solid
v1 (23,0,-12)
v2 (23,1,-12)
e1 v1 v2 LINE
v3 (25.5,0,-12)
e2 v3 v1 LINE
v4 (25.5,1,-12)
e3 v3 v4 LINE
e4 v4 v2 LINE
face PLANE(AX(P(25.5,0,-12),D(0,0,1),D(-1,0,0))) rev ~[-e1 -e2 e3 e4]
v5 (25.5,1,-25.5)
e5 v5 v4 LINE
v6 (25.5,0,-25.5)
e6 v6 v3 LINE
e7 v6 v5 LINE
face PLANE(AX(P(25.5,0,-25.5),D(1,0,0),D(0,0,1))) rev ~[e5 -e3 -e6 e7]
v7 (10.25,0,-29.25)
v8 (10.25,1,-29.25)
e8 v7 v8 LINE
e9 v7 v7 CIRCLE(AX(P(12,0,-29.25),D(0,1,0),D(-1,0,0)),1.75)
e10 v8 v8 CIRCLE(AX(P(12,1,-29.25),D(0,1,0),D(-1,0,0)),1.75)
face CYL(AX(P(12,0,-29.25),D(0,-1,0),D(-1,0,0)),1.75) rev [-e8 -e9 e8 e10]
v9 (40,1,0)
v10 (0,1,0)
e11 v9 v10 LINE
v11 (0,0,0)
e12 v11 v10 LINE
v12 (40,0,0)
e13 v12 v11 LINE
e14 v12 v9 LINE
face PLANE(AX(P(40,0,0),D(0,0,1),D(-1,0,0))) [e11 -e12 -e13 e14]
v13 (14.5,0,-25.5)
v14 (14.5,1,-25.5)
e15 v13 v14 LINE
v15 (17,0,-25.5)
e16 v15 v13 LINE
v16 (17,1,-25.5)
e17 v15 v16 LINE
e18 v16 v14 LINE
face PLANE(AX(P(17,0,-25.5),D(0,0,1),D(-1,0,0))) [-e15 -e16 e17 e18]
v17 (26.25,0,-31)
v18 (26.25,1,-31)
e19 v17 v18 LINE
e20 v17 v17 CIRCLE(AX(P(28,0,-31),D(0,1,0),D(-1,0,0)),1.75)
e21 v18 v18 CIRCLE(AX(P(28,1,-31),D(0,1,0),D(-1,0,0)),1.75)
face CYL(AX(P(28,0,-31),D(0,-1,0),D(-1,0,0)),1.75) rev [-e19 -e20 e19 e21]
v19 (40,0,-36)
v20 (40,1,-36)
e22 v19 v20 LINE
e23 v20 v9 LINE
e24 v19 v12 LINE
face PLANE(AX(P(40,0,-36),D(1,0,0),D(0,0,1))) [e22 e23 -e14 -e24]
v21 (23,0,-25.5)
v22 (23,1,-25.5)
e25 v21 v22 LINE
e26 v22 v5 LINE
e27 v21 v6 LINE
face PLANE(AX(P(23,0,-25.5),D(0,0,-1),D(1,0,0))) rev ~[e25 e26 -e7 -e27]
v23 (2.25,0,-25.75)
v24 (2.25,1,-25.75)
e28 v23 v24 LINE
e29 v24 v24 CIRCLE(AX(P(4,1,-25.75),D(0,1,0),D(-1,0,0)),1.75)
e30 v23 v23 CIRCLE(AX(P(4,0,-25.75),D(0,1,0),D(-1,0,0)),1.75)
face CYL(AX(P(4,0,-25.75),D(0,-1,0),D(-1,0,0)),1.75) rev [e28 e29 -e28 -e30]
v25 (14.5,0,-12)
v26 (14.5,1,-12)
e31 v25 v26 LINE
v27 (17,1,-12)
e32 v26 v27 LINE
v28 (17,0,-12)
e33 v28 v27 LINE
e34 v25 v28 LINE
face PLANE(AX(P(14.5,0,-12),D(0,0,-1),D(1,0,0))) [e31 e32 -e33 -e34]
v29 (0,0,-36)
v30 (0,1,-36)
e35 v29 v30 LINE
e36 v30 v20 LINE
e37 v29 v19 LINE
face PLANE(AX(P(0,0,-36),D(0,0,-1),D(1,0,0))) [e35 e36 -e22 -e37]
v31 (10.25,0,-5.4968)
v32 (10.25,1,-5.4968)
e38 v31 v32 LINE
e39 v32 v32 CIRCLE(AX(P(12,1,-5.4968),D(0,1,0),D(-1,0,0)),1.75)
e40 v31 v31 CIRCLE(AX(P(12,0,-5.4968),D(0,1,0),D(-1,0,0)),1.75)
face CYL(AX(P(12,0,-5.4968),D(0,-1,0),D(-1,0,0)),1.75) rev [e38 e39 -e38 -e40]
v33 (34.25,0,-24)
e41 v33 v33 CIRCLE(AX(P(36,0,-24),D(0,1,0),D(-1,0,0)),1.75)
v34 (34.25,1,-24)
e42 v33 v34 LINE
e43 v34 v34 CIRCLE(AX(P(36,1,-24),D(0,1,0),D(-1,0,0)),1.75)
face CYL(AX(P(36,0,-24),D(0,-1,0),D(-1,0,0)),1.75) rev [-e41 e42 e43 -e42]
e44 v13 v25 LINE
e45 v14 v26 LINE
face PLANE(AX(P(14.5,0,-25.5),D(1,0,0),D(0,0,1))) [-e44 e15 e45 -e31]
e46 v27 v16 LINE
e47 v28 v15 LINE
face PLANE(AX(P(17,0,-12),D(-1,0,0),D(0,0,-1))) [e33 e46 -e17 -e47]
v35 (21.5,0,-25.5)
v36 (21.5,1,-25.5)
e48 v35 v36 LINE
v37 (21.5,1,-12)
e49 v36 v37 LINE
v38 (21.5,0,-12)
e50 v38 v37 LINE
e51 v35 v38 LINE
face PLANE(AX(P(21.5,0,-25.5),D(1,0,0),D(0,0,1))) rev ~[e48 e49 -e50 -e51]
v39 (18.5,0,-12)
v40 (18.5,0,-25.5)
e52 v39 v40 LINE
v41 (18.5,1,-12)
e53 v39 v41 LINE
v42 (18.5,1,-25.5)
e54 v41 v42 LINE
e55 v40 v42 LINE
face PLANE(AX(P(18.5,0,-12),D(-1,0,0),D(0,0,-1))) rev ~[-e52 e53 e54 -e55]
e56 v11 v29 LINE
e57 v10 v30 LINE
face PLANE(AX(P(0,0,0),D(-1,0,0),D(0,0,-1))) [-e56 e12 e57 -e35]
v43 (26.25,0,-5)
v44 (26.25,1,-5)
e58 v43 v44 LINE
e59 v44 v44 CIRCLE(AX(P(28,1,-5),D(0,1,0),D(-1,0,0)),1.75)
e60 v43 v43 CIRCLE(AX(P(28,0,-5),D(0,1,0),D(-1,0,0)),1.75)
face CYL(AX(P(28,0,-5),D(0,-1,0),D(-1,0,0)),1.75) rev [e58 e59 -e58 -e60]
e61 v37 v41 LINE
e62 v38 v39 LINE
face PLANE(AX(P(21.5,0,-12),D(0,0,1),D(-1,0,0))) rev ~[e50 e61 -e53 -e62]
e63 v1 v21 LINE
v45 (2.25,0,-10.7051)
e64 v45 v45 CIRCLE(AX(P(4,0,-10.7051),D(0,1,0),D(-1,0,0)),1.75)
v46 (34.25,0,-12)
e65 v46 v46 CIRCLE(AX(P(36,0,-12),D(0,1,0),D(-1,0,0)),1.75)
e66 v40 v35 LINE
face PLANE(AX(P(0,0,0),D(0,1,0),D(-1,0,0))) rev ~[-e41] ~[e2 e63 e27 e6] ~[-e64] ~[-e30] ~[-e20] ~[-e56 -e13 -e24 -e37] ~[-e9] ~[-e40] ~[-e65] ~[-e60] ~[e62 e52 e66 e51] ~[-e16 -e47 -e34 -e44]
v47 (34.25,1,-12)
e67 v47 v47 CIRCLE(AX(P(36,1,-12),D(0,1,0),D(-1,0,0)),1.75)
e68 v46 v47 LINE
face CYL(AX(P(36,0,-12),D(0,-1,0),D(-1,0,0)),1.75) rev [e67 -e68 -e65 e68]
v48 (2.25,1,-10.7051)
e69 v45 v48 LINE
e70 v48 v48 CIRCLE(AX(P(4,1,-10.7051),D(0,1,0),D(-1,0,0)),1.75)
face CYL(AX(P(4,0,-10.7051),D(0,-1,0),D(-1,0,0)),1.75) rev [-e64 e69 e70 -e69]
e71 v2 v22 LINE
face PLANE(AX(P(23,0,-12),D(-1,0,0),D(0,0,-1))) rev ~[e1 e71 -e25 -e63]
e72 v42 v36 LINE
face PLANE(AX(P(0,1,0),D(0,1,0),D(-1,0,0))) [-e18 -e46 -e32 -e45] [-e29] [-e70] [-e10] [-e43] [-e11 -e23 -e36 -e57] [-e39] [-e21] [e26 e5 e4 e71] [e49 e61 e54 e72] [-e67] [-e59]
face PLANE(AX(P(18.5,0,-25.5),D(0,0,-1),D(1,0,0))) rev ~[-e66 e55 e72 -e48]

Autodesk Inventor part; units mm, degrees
ref_plane "YZ Plane" through (0, 0, 0) normal (1, 0, 0) x (0, 1, 0)
ref_plane "XZ Plane" through (0, 0, 0) normal (0, 1, 0) x (-1, 0, 0)
ref_plane "XY Plane" through (0, 0, 0) normal (0, 0, 1) x (1, 0, 0)
sketch "Sketch1" plane through (0, 0, 0) normal (0, 1, 0) x (-1, 0, 0)
  line L0 (0, 0) -> (0, -36)
  line L1 (0, -36) -> (-40, -36)
  line L2 (-40, -36) -> (-40, 0)
  line L3 (-40, 0) -> (0, 0)
  line L4 (0, -18) -> (-40, -18) construction
  line L5 (-20, 0) -> (-20, -36) construction
  circle A0 centre (-36, -12) radius 1.75
  circle A1 centre (-36, -24) radius 1.75
  circle A2 centre (-4, -10.7051) radius 1.75
  circle A3 centre (-4, -25.75) radius 1.75
  circle A4 centre (-28, -5) radius 1.75
  circle A5 centre (-12, -5.4968) radius 1.75
  circle A6 centre (-28, -31) radius 1.75
  circle A7 centre (-12, -29.25) radius 1.75
  line L6 (-20, -18) -> (-18.5, -18) construction
  line L7 (-20, -18) -> (-21.5, -18) construction
  line L8 (-18.5, -12) -> (-18.5, -25.5) construction
  line L9 (-18.5, -12) -> (-18.5, -25.5)
  line L10 (-18.5, -25.5) -> (-21.5, -25.5)
  line L11 (-21.5, -25.5) -> (-21.5, -12)
  line L12 (-21.5, -12) -> (-18.5, -12)
  line L13 (-18.5, -16.9522) -> (-17, -16.9522) construction
  line L14 (-21.5, -16.9522) -> (-23, -16.9522) construction
  line L15 (-23, -12) -> (-23, -25.5) construction
  line L16 (-23, -12) -> (-23, -25.5)
  line L17 (-23, -25.5) -> (-25.5, -25.5)
  line L18 (-25.5, -25.5) -> (-25.5, -12)
  line L19 (-25.5, -12) -> (-23, -12)
  line L20 (-17, -12) -> (-17, -25.5)
  line L21 (-17, -25.5) -> (-14.5, -25.5)
  line L22 (-14.5, -25.5) -> (-14.5, -12)
  line L23 (-14.5, -12) -> (-17, -12)
  dimension "d0" = 36
  dimension "d1" = 40
  dimension "d4" = 3.5
  dimension "d5" = 6
  dimension "d7" = 3.5
  dimension "d8" = 3.5
  dimension "d14" = 32
  dimension "d15" = 4
  dimension "d16" = 4
  dimension "d17" = 4
  dimension "d19" = 3.5
  dimension "d20" = 3.5
  dimension "d21" = 3.5
  dimension "d23" = 5
  dimension "d24" = 5
  dimension "d28" = 16
  dimension "d29" = 12
  dimension "d30" = 3.5
  dimension "d31" = 16
  dimension "d32" = 10.7051
  dimension "d33" = 25.75
  dimension "d34" = 5.4968
  dimension "d35" = 29.25
  dimension "d42" = 3
  dimension "d45" = 1.5
  dimension "d53" = 2.5
  dimension "d54" = 90
  dimension "d56" = 23
  dimension "d61" = 12
  dimension "d62" = 12
  dimension "d66" = 13.5
  dimension "d67" = 2.5
  dimension "d70" = 14.5
  dimension "d71" = 4.9522
  dimension "d72" = 24
  dimension "d73" = 13.5
  dimension "d74" = 4.9522
  dimension "d75" = 0
  dimension "d76" = 13.5
  dimension "d77" = 17
  dimension "d78" = 18.5
  dimension "d79" = 21.5
  dimension "d80" = 23
  dimension "d81" = 12
extrude "Extrusion3" add sketch "Sketch1" along normal blind 1
properties part number "valvle plate"
